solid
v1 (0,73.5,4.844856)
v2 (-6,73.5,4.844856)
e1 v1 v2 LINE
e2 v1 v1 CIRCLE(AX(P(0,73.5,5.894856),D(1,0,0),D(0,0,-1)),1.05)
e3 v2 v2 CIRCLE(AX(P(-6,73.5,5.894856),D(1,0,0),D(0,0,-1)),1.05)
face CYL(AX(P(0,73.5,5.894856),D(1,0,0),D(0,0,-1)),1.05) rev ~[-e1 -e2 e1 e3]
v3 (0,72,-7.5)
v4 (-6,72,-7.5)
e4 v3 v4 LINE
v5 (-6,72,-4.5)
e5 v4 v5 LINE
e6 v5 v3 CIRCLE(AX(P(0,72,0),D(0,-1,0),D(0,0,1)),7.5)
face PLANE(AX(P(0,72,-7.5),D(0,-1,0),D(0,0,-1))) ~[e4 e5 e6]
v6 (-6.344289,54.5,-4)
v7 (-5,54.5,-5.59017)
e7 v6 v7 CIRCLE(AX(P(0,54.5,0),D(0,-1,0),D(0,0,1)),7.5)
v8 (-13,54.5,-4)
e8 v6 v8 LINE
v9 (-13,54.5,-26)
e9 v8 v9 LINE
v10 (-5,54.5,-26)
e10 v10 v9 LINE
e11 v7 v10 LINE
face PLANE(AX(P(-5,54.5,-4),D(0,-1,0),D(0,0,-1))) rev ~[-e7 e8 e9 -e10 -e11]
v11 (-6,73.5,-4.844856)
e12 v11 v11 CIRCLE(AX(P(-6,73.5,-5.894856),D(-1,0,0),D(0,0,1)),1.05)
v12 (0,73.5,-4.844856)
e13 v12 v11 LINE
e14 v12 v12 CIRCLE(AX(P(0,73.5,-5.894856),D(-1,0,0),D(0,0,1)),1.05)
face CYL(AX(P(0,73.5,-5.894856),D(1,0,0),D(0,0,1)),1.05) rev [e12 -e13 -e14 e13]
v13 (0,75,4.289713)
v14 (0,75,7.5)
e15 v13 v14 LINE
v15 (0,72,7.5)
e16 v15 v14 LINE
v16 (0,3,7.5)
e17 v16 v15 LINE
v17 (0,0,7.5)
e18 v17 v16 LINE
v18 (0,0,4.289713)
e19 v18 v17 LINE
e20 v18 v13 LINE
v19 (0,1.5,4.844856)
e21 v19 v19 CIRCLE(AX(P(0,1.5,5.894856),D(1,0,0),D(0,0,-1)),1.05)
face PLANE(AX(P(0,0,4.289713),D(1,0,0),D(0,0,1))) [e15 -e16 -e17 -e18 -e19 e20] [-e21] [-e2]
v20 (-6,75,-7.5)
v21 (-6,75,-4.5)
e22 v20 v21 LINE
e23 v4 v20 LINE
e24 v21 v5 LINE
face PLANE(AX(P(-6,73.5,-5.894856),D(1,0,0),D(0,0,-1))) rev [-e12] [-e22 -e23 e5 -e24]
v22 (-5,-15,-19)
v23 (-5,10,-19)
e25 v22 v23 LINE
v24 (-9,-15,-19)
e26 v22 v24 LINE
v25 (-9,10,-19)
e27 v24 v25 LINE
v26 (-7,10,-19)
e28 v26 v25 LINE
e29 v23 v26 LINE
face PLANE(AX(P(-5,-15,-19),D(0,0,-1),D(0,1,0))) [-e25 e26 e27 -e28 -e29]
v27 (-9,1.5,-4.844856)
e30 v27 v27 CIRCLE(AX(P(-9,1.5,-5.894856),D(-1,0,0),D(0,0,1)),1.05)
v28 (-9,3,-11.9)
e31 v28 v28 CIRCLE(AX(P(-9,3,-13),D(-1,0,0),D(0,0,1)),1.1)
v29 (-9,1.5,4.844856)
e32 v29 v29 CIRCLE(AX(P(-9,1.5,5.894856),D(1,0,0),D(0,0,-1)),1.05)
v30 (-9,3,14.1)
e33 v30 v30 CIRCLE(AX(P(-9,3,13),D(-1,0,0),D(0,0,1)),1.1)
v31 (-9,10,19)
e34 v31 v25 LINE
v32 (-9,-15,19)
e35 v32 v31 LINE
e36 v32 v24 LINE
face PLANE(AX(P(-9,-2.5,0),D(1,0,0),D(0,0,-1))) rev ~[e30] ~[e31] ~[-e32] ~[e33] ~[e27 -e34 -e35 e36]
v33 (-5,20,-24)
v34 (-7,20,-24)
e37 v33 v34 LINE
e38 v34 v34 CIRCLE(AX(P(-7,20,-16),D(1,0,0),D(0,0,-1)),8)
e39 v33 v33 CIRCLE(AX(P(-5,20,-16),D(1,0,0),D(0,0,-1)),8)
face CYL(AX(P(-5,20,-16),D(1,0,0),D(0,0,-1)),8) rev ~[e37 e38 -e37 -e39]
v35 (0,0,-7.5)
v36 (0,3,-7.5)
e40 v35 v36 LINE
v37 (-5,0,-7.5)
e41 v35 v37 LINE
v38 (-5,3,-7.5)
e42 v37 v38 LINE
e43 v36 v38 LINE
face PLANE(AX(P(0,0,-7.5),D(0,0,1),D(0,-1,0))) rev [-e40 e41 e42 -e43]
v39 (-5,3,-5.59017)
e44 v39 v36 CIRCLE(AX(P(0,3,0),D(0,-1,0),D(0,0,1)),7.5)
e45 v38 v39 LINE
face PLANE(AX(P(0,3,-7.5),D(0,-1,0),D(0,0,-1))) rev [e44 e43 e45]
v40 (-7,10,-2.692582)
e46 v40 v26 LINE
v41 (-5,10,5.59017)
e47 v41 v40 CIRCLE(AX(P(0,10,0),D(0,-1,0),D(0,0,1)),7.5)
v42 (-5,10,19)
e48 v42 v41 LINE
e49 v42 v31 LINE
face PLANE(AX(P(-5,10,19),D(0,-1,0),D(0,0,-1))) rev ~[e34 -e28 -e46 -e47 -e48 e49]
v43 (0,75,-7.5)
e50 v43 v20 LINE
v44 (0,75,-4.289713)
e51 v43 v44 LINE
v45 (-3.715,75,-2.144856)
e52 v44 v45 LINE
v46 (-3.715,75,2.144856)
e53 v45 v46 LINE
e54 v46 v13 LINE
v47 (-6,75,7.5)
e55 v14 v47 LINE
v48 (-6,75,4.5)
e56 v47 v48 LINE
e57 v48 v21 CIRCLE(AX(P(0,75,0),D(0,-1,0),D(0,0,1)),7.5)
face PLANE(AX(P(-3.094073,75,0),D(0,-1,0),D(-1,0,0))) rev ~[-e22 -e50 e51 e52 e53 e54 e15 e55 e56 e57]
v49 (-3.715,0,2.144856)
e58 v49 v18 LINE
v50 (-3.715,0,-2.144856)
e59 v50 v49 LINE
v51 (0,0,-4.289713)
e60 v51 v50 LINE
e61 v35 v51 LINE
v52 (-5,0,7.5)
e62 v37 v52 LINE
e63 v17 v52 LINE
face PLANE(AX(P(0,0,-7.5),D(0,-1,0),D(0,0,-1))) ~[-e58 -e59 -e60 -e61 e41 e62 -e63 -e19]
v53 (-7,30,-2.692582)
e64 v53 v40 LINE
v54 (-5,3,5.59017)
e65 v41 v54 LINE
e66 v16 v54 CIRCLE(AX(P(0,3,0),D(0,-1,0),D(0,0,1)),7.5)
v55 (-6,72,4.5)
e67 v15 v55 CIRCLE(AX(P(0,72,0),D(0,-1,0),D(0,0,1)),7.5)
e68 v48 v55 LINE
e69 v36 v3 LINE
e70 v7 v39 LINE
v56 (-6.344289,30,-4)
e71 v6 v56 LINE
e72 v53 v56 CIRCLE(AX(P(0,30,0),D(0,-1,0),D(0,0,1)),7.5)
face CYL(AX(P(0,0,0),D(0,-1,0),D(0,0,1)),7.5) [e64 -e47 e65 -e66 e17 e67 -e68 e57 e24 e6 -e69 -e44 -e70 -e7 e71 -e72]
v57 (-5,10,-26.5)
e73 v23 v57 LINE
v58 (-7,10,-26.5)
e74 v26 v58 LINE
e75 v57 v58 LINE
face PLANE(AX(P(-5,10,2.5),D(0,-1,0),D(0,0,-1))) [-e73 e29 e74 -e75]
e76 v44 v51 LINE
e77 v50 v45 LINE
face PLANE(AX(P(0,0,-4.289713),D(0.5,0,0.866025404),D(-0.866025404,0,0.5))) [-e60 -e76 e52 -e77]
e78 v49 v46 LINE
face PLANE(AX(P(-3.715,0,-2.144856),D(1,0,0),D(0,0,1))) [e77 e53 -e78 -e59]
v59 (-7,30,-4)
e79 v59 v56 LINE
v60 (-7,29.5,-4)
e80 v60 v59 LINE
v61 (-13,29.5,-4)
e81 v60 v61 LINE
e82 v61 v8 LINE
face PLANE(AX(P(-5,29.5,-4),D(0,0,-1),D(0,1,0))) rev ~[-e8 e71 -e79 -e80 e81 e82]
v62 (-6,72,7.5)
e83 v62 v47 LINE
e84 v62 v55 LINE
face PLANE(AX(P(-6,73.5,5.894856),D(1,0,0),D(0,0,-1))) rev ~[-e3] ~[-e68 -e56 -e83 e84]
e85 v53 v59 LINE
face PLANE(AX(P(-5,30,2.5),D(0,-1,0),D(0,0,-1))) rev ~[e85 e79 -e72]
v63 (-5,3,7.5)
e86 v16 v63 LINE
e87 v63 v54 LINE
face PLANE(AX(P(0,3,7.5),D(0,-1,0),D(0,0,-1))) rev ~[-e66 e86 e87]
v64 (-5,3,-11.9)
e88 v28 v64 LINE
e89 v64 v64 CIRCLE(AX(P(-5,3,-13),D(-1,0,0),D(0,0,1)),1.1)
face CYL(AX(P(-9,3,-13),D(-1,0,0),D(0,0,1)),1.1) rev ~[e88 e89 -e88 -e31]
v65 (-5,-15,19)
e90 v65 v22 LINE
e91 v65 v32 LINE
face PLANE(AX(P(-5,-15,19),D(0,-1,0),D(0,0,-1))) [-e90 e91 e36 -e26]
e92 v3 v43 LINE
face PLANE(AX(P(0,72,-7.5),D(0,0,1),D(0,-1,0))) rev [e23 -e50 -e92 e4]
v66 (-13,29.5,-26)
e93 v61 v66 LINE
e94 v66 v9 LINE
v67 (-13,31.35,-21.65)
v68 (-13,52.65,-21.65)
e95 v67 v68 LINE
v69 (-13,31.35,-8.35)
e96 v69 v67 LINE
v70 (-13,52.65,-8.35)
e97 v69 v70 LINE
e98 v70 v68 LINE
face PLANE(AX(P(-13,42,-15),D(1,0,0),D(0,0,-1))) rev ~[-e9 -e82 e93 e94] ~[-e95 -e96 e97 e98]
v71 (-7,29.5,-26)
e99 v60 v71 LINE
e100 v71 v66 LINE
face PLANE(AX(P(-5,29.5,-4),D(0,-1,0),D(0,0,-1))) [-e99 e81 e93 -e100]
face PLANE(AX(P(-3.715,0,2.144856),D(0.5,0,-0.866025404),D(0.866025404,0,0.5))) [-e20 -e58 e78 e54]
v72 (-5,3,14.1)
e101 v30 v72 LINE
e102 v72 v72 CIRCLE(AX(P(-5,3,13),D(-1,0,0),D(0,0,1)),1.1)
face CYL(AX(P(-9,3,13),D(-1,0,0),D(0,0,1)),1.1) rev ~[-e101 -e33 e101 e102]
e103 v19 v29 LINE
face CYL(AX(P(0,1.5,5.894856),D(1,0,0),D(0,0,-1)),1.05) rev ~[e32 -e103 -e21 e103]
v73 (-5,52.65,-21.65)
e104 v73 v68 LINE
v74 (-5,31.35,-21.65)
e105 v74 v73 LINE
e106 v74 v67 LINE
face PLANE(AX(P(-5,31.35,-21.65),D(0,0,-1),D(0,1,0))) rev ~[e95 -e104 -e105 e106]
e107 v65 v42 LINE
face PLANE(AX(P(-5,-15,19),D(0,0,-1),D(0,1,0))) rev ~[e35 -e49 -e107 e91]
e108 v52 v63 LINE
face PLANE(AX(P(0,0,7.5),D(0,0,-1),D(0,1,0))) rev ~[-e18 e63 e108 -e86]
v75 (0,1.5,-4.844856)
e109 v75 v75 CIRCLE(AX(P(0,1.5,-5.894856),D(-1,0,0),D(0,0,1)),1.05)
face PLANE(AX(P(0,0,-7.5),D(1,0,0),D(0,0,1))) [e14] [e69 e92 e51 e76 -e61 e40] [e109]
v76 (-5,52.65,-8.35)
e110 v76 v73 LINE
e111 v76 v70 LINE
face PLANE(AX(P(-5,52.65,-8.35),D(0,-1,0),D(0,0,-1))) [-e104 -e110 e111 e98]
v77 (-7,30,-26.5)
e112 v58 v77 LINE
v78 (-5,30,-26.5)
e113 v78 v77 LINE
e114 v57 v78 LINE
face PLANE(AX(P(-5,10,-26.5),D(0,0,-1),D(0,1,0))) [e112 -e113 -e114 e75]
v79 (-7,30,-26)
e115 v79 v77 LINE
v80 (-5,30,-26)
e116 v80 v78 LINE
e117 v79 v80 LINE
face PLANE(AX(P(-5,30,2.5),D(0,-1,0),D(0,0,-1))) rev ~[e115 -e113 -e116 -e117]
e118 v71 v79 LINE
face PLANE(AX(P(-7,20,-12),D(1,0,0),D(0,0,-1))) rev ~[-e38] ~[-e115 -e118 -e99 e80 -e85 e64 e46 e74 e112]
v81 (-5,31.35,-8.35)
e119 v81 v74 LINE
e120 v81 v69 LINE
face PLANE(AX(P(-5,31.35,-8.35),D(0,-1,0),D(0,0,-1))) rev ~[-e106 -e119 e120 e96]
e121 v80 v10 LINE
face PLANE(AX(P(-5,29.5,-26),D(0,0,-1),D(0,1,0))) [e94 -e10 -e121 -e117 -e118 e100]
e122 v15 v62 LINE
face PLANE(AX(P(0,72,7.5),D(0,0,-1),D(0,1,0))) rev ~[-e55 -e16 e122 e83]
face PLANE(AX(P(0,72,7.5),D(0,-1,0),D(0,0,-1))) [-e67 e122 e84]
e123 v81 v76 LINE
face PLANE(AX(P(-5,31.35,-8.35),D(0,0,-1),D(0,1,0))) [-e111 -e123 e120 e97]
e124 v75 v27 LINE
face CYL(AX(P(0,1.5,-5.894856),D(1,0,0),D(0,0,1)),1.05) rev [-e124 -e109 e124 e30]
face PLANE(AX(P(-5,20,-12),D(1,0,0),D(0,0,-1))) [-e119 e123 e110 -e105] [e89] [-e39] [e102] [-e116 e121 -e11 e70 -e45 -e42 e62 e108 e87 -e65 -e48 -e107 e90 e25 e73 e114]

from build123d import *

# Parameters (mm, degrees)
MAIN_BODY_DEPTH                 = 75
SKETCH6_W                       = 38
SKETCH6_H                       = 25
BASE_FIT_PLATE_DEPTH            = 4
SKETCH3_W                       = 3.2102875
SKETCH3_H                       = 3
FRONT_SCREW_HOLES_SUPPORT_DEPTH = 6
FRONT_SCREW_HOLES_REACH         = 79.891
SKETCH4_R                       = 1.05
SKETCH7_W                       = 29
SKETCH7_H                       = 20
SKETCH7_R                       = 8
BUTTON_HOLE_DEPTH               = 2
SKETCH8_W                       = 22
SKETCH8_H                       = 25
SKETCH8_W_2                     = 13.3
SKETCH8_H_2                     = 21.3
SWITCH_HOLE_DEPTH               = 8
SKETCH9_R                       = 1.1
BASE_SCREW_HOLES_DEPTH          = 81.051545894


with BuildPart() as part:
    # Sketch1 → Main Body (new body)
    with BuildSketch(Plane(origin=(0, 0, 0), x_dir=(1, 0, 0), z_dir=(0, 1, 0))):
        with BuildLine():
            Line((0, 4.2897125), (-3.715, 2.14485625))
            Line((-3.715, 2.14485625), (-3.715, -2.14485625))
            Line((-3.715, -2.14485625), (0, -4.2897125))
            Line((0, -4.2897125), (0, -7.5))
            ThreePointArc((0, -7.5), (-7.5, 0), (0, 7.5))
            Line((0, 7.5), (0, 4.2897125))
        make_face()
    extrude(amount=MAIN_BODY_DEPTH)

    # Sketch6 → Base Fit Plate (add)
    with BuildSketch(Plane(origin=(-5, 0, 0), x_dir=(0, 0, -1), z_dir=(1, 0, 0))):
        with Locations((0, -2.5)):
            Rectangle(SKETCH6_W, SKETCH6_H)
    extrude(amount=-BASE_FIT_PLATE_DEPTH)

    # Sketch3 → Front Screw Holes Support (add)
    with BuildSketch(Plane(origin=(0, 0, 0), x_dir=(0, 0, -1), z_dir=(1, 0, 0))):
        with Locations((-5.89485625, 1.5)):
            Rectangle(SKETCH3_W, SKETCH3_H)
        with Locations((-5.89485625, 73.5)):
            Rectangle(SKETCH3_W, SKETCH3_H)
    front_screw_holes_support = extrude(amount=-FRONT_SCREW_HOLES_SUPPORT_DEPTH)

    # Sketch4 → Front Screw Holes (cut, up to next)
    with BuildSketch(Plane(origin=(0, 0, 0), x_dir=(0, 0, -1), z_dir=(1, 0, 0)), mode=Mode.PRIVATE) as front_screw_holes_sk1:
        with Locations((-5.89485625, 73.5)):
            Circle(SKETCH4_R)
    front_screw_holes_tool1 = extrude(front_screw_holes_sk1.sketch, amount=-FRONT_SCREW_HOLES_REACH, mode=Mode.PRIVATE) & part.part
    # Sketch4 → Front Screw Holes (cut, up to next)
    with BuildSketch(Plane(origin=(0, 0, 0), x_dir=(0, 0, -1), z_dir=(1, 0, 0)), mode=Mode.PRIVATE) as front_screw_holes_sk2:
        with Locations((-5.89485625, 1.5)):
            Circle(SKETCH4_R)
    front_screw_holes_tool2 = extrude(front_screw_holes_sk2.sketch, amount=-FRONT_SCREW_HOLES_REACH, mode=Mode.PRIVATE) & part.part
    front_screw_holes_1 = front_screw_holes_tool1.solids().sort_by_distance((0, 73.5, 5.894856))[0]
    add(front_screw_holes_1, mode=Mode.SUBTRACT)
    front_screw_holes_2 = front_screw_holes_tool2.solids().sort_by_distance((0, 1.5, 5.894856))[0]
    add(front_screw_holes_2, mode=Mode.SUBTRACT)
    front_screw_holes = front_screw_holes_1 + front_screw_holes_2  # Front Screw Holes as one shape, for the pattern or mirror that repeats it

    # Back Screw Holes and Support: Front Screw Holes Support, Front Screw Holes across plane
    add(front_screw_holes_support.mirror(Plane.XY))
    add(front_screw_holes.mirror(Plane.XY), mode=Mode.SUBTRACT)

    # Sketch7 → Button Hole (add)
    with BuildSketch(Plane(origin=(-5, 0, 0), x_dir=(0, 0, -1), z_dir=(1, 0, 0))):
        with Locations((12, 20)):
            Rectangle(SKETCH7_W, SKETCH7_H)
        with Locations((16, 20)):
            Circle(SKETCH7_R, mode=Mode.SUBTRACT)
    extrude(amount=-BUTTON_HOLE_DEPTH)

    # Sketch8 → Switch Hole (add)
    with BuildSketch(Plane(origin=(-5, 0, 0), x_dir=(0, 0, -1), z_dir=(1, 0, 0))):
        with Locations((15, 42)):
            Rectangle(SKETCH8_W, SKETCH8_H)
        with Locations((15, 42)):
            Rectangle(SKETCH8_W_2, SKETCH8_H_2, mode=Mode.SUBTRACT)
    extrude(amount=-SWITCH_HOLE_DEPTH)

    # Sketch9 → Base Screw Holes (cut, through all)
    with BuildSketch(Plane.ZY.offset(9)):
        with Locations((-13, 3)):
            Circle(SKETCH9_R)
        with Locations((13, 3)):
            Circle(SKETCH9_R)
    extrude(amount=-BASE_SCREW_HOLES_DEPTH, mode=Mode.SUBTRACT)


solid = part.part
